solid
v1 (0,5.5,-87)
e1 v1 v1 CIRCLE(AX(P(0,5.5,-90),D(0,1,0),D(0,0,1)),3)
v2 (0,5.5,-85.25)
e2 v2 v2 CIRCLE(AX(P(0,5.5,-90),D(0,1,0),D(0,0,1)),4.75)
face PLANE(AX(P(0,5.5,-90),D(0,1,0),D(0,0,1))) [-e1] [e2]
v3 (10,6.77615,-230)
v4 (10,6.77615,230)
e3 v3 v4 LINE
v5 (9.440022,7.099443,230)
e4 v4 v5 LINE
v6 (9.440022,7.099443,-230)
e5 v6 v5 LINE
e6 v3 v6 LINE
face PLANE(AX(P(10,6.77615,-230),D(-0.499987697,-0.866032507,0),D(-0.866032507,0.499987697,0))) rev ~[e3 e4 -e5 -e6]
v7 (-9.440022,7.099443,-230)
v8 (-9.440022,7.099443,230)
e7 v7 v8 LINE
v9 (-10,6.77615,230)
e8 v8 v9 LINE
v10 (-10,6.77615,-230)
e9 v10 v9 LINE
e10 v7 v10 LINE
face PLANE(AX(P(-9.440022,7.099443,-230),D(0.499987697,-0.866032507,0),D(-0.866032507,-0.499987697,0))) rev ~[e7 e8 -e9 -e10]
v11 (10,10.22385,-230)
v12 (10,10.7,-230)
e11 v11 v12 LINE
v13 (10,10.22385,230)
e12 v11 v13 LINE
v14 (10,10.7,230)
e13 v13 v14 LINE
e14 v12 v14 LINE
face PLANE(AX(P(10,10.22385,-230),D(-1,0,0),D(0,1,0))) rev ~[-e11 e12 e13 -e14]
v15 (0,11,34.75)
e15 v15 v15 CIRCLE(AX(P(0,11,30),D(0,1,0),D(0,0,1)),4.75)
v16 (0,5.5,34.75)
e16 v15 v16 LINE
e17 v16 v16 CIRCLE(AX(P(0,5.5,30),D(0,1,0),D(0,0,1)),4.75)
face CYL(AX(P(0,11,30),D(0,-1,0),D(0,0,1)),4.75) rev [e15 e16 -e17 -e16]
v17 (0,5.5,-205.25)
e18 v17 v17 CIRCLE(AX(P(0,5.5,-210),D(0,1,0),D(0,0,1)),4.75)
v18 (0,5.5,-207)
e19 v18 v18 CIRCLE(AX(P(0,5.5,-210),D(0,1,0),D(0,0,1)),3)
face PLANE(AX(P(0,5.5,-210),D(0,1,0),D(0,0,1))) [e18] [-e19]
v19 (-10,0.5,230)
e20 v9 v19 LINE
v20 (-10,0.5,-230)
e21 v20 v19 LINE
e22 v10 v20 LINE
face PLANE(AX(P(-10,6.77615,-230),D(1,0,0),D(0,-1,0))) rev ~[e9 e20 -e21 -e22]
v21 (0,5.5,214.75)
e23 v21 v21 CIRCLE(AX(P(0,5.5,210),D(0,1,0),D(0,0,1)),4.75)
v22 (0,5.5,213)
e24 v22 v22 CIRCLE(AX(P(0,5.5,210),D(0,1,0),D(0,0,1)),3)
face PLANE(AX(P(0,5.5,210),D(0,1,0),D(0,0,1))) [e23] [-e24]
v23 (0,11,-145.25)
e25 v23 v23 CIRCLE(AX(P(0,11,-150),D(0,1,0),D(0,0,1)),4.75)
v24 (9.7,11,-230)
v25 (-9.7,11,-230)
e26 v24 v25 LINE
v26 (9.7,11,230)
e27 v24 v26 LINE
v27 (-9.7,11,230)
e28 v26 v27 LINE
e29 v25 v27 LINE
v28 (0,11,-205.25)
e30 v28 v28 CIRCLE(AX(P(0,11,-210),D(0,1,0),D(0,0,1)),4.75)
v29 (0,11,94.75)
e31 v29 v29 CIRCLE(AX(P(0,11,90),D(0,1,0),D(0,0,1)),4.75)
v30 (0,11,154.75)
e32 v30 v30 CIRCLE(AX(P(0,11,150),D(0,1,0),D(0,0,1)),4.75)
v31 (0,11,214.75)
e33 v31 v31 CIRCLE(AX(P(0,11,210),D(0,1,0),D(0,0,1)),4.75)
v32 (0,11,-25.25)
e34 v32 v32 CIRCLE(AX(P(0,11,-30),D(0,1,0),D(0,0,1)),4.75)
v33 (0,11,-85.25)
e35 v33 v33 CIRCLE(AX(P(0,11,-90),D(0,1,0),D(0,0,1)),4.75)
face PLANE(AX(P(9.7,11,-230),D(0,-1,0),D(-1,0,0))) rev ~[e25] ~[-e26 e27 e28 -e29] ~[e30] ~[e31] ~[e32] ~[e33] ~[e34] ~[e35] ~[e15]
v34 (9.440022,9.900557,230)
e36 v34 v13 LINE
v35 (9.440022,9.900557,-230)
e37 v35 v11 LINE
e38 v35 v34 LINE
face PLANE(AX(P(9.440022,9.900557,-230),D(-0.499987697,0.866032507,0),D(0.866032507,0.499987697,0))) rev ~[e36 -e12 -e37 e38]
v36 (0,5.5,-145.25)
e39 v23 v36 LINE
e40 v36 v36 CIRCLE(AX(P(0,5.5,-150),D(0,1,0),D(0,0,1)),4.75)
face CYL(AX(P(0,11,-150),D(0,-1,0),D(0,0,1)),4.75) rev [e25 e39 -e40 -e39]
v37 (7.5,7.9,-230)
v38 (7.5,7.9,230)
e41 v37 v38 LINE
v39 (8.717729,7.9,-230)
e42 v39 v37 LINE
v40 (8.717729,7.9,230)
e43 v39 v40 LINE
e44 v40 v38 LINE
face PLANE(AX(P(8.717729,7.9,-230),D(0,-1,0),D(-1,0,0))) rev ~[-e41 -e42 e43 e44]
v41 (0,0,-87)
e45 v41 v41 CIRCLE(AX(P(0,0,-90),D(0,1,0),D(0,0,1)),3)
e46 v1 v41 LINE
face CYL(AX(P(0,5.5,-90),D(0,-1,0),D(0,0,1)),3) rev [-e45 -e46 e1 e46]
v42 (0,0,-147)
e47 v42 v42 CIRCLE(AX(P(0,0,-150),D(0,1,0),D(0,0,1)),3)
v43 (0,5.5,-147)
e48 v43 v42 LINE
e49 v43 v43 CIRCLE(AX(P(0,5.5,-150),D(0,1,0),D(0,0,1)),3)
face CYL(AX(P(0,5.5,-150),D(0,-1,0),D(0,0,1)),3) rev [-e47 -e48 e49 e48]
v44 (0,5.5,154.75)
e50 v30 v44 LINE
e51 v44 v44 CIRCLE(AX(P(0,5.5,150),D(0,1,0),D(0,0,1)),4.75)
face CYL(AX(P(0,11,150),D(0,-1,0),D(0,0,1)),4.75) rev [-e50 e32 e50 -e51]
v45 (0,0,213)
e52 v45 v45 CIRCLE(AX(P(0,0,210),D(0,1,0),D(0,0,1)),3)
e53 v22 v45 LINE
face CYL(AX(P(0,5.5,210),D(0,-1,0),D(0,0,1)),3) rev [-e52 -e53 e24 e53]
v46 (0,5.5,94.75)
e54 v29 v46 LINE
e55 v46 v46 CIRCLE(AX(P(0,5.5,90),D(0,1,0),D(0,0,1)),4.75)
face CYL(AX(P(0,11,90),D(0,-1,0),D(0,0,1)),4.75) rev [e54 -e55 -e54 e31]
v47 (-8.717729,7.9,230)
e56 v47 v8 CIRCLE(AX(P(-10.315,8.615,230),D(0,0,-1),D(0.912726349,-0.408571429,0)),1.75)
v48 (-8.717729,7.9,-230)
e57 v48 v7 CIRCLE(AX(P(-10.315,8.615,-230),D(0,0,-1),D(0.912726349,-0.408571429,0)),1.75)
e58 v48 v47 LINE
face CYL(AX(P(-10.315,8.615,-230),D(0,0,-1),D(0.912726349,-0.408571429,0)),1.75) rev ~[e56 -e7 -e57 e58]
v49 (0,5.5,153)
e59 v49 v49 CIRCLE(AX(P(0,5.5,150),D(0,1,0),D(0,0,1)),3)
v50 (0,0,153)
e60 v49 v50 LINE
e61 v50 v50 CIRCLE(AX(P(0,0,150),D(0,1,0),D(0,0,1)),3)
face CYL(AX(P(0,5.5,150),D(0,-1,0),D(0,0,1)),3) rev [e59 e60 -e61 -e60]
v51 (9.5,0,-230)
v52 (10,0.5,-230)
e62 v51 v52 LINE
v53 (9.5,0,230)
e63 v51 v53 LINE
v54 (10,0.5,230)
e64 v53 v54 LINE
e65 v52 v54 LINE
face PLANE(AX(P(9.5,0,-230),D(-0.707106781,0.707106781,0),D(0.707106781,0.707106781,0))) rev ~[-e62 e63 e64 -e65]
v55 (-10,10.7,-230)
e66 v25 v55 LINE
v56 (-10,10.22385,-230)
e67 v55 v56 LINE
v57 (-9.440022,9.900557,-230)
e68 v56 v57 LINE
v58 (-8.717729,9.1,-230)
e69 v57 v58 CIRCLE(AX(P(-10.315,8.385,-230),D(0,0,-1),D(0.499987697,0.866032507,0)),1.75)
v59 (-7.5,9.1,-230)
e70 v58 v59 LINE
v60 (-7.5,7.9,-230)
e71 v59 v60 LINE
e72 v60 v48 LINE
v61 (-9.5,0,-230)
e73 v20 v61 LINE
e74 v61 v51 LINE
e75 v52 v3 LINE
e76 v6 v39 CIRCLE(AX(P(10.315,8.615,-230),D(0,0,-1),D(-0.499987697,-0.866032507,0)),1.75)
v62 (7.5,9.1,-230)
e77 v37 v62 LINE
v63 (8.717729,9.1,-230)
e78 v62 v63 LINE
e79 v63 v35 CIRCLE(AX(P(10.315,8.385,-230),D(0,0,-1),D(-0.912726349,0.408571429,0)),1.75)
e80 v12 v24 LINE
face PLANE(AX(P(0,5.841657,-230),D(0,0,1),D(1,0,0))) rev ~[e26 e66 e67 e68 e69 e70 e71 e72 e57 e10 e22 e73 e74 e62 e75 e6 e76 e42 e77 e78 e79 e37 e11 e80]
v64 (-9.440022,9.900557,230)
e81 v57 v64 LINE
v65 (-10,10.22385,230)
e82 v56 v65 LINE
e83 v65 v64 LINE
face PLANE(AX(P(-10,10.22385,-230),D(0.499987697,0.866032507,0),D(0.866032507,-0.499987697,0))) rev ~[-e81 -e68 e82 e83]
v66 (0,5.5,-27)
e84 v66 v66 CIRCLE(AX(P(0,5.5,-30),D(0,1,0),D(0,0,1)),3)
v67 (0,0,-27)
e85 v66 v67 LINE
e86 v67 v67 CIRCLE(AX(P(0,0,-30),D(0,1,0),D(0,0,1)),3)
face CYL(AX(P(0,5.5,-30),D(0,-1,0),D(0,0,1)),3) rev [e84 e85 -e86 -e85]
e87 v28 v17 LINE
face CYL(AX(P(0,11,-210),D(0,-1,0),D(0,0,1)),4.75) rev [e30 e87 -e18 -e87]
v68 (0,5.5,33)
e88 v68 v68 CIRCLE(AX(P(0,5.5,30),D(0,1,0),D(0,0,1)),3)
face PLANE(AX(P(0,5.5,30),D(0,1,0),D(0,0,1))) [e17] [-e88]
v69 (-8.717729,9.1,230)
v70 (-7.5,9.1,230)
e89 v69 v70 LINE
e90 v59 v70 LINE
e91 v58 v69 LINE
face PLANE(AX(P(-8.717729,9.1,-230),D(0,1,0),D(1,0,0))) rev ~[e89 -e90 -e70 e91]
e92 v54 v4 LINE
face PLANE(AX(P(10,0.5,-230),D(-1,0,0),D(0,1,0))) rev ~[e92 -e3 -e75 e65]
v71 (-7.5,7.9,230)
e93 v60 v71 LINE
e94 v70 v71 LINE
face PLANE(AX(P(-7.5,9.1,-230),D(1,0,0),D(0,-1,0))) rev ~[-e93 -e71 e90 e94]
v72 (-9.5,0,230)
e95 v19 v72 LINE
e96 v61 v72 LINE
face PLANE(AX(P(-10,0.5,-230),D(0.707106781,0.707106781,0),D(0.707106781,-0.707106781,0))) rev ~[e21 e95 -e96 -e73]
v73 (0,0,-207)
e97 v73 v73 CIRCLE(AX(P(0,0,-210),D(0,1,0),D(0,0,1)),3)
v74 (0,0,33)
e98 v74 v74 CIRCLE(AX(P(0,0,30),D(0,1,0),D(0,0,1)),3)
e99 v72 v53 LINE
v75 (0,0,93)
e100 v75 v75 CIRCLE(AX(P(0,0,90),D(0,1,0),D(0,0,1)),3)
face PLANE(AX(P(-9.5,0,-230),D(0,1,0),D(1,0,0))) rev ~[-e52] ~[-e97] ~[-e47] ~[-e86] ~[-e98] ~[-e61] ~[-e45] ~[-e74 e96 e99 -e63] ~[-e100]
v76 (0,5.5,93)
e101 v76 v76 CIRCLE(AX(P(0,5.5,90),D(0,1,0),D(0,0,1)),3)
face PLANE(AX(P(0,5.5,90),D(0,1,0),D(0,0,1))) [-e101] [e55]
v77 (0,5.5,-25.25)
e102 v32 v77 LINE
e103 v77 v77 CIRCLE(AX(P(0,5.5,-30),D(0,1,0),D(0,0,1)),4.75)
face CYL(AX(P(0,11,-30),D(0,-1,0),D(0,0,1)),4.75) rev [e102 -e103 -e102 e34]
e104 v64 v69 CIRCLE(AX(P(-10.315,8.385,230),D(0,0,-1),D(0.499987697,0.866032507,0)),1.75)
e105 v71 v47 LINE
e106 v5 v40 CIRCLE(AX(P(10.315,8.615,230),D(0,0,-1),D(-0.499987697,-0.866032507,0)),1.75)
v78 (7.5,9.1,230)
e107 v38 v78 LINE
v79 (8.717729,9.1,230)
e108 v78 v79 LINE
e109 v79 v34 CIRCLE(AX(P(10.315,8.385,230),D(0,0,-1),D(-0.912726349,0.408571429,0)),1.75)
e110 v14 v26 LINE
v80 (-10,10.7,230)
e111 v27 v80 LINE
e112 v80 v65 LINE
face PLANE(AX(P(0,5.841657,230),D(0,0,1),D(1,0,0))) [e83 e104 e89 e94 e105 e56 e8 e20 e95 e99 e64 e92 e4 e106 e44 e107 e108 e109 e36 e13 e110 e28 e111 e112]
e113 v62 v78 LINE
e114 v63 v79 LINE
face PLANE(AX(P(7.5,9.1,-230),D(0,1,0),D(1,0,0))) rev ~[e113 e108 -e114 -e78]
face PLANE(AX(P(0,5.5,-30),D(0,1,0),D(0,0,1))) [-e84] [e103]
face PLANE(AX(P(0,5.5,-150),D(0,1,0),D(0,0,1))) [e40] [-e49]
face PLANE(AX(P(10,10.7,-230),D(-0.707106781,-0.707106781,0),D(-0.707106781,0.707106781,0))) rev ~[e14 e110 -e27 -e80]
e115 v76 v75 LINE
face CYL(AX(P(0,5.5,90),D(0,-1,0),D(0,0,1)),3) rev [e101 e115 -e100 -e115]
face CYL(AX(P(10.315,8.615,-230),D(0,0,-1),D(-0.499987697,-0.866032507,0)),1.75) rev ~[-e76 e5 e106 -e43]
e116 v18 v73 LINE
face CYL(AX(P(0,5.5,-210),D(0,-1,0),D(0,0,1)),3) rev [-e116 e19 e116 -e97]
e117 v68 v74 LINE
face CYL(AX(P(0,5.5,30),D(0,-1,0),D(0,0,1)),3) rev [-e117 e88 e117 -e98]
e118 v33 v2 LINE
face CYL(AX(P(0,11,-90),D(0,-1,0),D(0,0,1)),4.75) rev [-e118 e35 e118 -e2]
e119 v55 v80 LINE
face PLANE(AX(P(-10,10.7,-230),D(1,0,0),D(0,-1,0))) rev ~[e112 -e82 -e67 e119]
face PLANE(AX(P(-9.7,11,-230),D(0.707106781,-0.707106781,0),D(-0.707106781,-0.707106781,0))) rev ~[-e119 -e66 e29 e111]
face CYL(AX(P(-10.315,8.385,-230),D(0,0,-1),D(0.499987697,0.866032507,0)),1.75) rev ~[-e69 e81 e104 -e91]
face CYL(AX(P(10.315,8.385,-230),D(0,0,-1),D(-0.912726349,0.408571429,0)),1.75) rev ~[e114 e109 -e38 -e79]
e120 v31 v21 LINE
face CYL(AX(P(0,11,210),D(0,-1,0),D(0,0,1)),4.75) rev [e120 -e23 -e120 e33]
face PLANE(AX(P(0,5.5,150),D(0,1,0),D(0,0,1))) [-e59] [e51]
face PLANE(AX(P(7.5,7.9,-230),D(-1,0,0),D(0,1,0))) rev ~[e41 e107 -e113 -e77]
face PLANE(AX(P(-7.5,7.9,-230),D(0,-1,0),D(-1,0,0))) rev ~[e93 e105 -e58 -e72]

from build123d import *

# Parameters (mm, degrees)
BOSS_EXTRUDE1_DEPTH      = 230
BOSS_EXTRUDE1_DEPTH_BACK = 230


with BuildPart() as part:
    # Sketch1 → Boss-Extrude1 (new, two sides: drawn at the far end of the back side and taken through both)
    with BuildSketch(Plane.XY.offset(-BOSS_EXTRUDE1_DEPTH_BACK)):
        with BuildLine():
            Line((-10, 6.77615), (-10, 0.5))
            Line((-10, 0.5), (-9.5, 0))
            Line((-9.5, 0), (9.5, 0))
            Line((9.5, 0), (10, 0.5))
            Line((10, 0.5), (10, 6.77615))
            Line((10, 6.77615), (9.440021531, 7.099443113))
            ThreePointArc((9.440021531, 7.099443113), (9.015681976, 7.442706235), (8.71772889, 7.9))
            Line((8.71772889, 7.9), (7.5, 7.9))
            Line((7.5, 7.9), (7.5, 9.1))
            Line((7.5, 9.1), (8.71772889, 9.1))
            ThreePointArc((8.71772889, 9.1), (9.015681976, 9.557293765), (9.440021531, 9.900556887))
            Line((9.440021531, 9.900556887), (10, 10.22385))
            Line((10, 10.22385), (10, 10.7))
            Line((10, 10.7), (9.7, 11))
            Line((9.7, 11), (-9.7, 11))
            Line((-9.7, 11), (-10, 10.7))
            Line((-10, 10.7), (-10, 10.22385))
            Line((-10, 10.22385), (-9.440021531, 9.900556887))
            ThreePointArc((-9.440021531, 9.900556887), (-9.015681976, 9.557293765), (-8.71772889, 9.1))
            Line((-8.71772889, 9.1), (-7.5, 9.1))
            Line((-7.5, 9.1), (-7.5, 7.9))
            Line((-7.5, 7.9), (-8.71772889, 7.9))
            ThreePointArc((-8.71772889, 7.9), (-9.015681976, 7.442706235), (-9.440021531, 7.099443113))
            Line((-9.440021531, 7.099443113), (-10, 6.77615))
        make_face()
    extrude(amount=BOSS_EXTRUDE1_DEPTH + BOSS_EXTRUDE1_DEPTH_BACK)

    # Sketch2 → Cut-Revolve1 (revolve, cut)
    with BuildSketch(Plane(origin=(0, 0, 0), x_dir=(0, 0, -1), z_dir=(1, 0, 0))):
        Polygon((210, 11), (214.75, 11), (214.75, 5.5), (213, 5.5), (213, 0), (210, 0), align=None)
    revolve(axis=Axis((0, 0, -210), (0, 1, 0)), mode=Mode.SUBTRACT)

    # Sketch3 → Cut-Revolve2 (revolve, cut)
    with BuildSketch(Plane(origin=(0, 0, 0), x_dir=(0, 0, -1), z_dir=(1, 0, 0))):
        Polygon((150, 11), (154.75, 11), (154.75, 5.5), (153, 5.5), (153, 0), (150, 0), align=None)
    revolve(axis=Axis((0, 0, -150), (0, 1, 0)), mode=Mode.SUBTRACT)

    # Sketch4 → Cut-Revolve3 (revolve, cut)
    with BuildSketch(Plane(origin=(0, 0, 0), x_dir=(0, 0, -1), z_dir=(1, 0, 0))):
        Polygon((90, 11), (94.75, 11), (94.75, 5.5), (93, 5.5), (93, 0), (90, 0), align=None)
    revolve(axis=Axis((0, 0, -90), (0, 1, 0)), mode=Mode.SUBTRACT)

    # Sketch5 → Cut-Revolve4 (revolve, cut)
    with BuildSketch(Plane(origin=(0, 0, 0), x_dir=(0, 0, -1), z_dir=(1, 0, 0))):
        Polygon((30, 11), (34.75, 11), (34.75, 5.5), (33, 5.5), (33, 0), (30, 0), align=None)
    revolve(axis=Axis((0, 0, -30), (0, 1, 0)), mode=Mode.SUBTRACT)

    # Sketch6 → Cut-Revolve5 (revolve, cut)
    with BuildSketch(Plane(origin=(0, 0, 0), x_dir=(0, 0, -1), z_dir=(1, 0, 0))):
        Polygon((-30, 11), (-25.25, 11), (-25.25, 5.5), (-27, 5.5), (-27, 0), (-30, 0), align=None)
    revolve(axis=Axis((0, 0, 30), (0, 1, 0)), mode=Mode.SUBTRACT)

    # Sketch7 → Cut-Revolve6 (revolve, cut)
    with BuildSketch(Plane(origin=(0, 0, 0), x_dir=(0, 0, -1), z_dir=(1, 0, 0))):
        Polygon((-90, 11), (-85.25, 11), (-85.25, 5.5), (-87, 5.5), (-87, 0), (-90, 0), align=None)
    revolve(axis=Axis((0, 0, 90), (0, 1, 0)), mode=Mode.SUBTRACT)

    # Sketch8 → Cut-Revolve7 (revolve, cut)
    with BuildSketch(Plane(origin=(0, 0, 0), x_dir=(0, 0, -1), z_dir=(1, 0, 0))):
        Polygon((-150, 11), (-145.25, 11), (-145.25, 5.5), (-147, 5.5), (-147, 0), (-150, 0), align=None)
    revolve(axis=Axis((0, 0, 150), (0, 1, 0)), mode=Mode.SUBTRACT)

    # Sketch9 → Cut-Revolve8 (revolve, cut)
    with BuildSketch(Plane(origin=(0, 0, 0), x_dir=(0, 0, -1), z_dir=(1, 0, 0))):
        Polygon((-210, 11), (-205.25, 11), (-205.25, 5.5), (-207, 5.5), (-207, 0), (-210, 0), align=None)
    revolve(axis=Axis((0, 0, 210), (0, 1, 0)), mode=Mode.SUBTRACT)


solid = part.part
